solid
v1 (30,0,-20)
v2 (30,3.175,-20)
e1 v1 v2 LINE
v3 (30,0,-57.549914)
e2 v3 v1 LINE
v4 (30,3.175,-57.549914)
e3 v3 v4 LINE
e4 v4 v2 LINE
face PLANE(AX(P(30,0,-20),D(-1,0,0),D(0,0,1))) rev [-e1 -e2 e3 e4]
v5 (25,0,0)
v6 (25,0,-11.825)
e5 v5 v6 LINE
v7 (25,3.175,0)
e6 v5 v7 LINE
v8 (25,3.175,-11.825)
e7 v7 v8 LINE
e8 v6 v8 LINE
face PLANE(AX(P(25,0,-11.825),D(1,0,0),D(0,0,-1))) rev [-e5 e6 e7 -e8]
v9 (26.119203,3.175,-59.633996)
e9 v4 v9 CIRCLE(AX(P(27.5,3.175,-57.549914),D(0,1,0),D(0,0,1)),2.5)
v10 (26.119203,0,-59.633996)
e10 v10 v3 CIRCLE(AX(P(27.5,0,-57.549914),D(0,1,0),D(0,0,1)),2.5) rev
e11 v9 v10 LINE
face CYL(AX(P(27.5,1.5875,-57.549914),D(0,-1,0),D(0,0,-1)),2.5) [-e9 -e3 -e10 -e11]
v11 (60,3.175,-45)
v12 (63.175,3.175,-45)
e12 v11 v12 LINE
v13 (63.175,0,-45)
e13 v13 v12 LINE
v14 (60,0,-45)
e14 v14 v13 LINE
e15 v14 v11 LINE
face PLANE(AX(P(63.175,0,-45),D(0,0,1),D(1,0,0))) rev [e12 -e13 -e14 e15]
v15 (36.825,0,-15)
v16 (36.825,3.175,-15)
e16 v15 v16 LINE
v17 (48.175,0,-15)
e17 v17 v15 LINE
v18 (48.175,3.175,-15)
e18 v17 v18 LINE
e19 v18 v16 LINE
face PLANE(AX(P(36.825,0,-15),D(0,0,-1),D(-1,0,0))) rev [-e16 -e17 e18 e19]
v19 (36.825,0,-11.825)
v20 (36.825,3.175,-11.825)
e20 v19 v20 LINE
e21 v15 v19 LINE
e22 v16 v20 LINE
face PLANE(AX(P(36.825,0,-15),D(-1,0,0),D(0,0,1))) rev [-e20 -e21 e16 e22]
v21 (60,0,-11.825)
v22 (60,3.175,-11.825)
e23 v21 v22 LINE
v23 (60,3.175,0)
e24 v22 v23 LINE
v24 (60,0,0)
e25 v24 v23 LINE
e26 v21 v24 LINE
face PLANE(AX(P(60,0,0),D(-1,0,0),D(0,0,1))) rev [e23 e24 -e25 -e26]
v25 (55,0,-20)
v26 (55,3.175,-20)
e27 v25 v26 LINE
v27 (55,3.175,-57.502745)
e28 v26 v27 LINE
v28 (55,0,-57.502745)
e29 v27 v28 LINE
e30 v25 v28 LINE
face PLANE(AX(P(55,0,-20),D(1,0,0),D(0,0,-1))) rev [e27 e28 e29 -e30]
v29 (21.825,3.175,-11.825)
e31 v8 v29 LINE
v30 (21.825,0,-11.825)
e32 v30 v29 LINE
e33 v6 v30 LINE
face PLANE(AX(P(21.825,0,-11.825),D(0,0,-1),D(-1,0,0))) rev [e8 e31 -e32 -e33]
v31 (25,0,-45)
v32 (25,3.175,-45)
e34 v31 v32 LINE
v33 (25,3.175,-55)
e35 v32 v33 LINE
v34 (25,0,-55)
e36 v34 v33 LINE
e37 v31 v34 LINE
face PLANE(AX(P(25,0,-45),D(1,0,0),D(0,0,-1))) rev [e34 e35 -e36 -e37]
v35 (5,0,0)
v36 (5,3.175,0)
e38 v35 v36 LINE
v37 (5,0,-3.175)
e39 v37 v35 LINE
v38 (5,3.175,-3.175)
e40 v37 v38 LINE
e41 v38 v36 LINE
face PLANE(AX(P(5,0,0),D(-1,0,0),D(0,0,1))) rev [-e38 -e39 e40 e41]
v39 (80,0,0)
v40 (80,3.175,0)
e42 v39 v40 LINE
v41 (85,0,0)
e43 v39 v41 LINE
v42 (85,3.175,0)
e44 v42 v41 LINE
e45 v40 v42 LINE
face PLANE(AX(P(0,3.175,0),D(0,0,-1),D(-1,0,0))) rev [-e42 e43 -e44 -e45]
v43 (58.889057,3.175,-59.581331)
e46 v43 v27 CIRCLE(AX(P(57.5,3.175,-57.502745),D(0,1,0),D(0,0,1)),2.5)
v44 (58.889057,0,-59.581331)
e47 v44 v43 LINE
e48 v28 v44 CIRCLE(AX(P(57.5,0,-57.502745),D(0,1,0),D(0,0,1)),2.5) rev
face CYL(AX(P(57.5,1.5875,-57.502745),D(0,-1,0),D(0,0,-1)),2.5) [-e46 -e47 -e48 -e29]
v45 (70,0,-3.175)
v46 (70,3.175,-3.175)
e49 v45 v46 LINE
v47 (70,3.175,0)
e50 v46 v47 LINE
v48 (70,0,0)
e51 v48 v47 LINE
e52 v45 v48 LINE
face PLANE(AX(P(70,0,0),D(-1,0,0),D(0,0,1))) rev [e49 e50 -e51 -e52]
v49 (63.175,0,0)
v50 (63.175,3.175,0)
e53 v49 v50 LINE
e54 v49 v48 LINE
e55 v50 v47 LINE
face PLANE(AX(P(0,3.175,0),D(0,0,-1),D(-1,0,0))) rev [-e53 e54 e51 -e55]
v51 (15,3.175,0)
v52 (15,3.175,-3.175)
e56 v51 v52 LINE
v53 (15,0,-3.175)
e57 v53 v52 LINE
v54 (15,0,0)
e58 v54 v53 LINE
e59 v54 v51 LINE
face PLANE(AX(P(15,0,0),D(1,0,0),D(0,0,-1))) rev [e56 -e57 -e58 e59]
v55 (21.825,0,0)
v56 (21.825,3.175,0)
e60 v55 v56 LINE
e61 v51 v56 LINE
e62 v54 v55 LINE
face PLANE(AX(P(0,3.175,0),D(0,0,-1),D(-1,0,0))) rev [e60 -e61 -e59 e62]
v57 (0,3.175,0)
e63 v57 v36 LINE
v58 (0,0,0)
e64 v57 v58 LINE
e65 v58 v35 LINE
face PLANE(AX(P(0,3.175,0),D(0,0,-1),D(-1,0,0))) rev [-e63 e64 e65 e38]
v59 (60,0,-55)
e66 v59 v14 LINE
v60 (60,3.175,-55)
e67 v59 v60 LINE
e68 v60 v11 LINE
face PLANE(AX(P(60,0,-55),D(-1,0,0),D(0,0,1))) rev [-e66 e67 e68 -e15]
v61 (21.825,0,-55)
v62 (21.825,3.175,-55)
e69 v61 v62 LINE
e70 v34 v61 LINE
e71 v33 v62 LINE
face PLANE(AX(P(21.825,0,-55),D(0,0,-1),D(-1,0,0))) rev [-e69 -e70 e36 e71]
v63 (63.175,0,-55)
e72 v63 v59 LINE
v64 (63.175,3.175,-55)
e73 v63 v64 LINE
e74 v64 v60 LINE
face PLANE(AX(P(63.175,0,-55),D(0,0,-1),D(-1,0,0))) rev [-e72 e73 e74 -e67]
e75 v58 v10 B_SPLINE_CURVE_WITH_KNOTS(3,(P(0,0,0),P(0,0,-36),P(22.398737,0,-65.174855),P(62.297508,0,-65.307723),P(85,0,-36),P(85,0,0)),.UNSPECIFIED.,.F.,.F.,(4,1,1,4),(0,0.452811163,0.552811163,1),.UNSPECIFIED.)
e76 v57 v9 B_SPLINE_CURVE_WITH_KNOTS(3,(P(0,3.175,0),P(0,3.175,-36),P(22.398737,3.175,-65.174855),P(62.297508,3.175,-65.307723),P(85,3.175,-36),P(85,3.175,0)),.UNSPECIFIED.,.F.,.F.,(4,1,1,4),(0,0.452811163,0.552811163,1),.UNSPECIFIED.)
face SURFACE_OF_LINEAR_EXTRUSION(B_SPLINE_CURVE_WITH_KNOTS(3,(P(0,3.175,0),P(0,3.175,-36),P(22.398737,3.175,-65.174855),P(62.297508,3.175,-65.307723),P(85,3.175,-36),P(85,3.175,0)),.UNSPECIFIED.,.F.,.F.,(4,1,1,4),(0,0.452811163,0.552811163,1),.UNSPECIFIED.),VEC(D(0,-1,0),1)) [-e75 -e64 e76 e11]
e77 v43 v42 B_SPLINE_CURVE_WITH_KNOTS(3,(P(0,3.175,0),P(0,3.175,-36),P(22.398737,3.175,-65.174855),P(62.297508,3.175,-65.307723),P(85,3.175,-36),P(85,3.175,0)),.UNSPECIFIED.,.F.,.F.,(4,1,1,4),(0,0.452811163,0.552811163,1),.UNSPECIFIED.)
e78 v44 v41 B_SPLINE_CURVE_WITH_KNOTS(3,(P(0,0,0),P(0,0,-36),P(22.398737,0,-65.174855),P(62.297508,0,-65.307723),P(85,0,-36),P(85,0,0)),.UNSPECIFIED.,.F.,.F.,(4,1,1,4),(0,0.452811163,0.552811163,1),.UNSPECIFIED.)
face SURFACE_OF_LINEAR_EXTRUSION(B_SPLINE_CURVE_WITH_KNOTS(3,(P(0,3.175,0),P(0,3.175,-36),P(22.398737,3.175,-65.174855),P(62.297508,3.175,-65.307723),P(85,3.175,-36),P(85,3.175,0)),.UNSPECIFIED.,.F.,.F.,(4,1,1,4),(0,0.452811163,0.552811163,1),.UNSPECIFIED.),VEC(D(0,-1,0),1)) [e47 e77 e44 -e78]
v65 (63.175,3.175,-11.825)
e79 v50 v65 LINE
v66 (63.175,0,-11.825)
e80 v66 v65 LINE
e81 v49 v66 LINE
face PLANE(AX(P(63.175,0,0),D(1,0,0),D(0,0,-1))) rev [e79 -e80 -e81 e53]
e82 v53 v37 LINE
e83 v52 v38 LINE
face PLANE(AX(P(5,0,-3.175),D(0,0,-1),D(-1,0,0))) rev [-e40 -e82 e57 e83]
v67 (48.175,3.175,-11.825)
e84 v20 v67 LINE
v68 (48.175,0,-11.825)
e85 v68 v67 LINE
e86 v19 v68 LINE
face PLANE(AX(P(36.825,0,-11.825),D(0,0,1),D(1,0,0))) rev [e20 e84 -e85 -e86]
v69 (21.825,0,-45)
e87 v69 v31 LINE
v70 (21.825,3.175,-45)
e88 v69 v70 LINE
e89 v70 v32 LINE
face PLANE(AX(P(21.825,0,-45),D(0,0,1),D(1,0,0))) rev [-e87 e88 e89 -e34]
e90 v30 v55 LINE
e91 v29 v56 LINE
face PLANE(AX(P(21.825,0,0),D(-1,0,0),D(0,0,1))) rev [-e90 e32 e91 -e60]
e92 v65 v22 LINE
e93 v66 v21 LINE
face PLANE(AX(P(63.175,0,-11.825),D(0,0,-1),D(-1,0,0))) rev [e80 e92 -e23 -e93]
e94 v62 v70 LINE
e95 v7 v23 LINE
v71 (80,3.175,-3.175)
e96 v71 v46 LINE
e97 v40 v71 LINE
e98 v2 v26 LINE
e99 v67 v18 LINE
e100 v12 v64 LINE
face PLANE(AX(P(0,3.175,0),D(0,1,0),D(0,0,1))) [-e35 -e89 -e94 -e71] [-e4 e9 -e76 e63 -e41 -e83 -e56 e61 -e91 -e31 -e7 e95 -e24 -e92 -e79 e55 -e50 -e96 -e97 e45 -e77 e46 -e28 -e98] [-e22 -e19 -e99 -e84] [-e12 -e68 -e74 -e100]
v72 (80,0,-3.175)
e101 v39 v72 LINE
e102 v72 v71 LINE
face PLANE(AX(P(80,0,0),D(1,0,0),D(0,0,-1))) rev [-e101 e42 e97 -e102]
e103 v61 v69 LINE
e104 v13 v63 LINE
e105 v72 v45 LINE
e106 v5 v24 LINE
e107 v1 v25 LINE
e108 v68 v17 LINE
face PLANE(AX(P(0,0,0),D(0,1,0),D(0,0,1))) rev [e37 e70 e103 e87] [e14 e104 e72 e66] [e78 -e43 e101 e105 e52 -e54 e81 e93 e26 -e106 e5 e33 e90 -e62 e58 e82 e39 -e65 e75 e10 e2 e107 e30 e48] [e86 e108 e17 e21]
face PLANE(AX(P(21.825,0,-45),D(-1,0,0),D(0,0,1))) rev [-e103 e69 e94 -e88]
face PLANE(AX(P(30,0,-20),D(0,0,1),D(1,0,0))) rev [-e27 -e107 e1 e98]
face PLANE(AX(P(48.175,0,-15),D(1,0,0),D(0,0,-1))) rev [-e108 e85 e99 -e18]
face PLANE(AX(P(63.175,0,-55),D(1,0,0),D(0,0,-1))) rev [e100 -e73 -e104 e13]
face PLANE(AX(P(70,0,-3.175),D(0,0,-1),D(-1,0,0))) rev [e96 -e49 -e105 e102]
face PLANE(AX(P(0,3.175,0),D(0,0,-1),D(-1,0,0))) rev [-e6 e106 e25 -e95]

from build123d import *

# Parameters (mm, degrees)
BOSS_EXTRUDE1_DEPTH = 3.175
SKETCH3_W           = 3.175
SKETCH3_H           = 11.825
SKETCH3_W_2         = 11.35
SKETCH3_H_2         = 3.175
SKETCH3_W_3         = 25
SKETCH3_H_3         = 49.488701784
SKETCH3_H_4         = 10
SKETCH3_W_4         = 10
CUT_EXTRUDE2_DEPTH  = 4.1750001
FILLET1_R           = 2.5


with BuildPart() as part:
    # Sketch1 → Boss-Extrude1 (new body)
    with BuildSketch(Plane(origin=(0, 0, 0), x_dir=(1, 0, 0), z_dir=(0, 1, 0))):
        with BuildLine():
            add(Edge.make_bspline(
                [(0, 0), (0, 36), (20.385499073, 62.552567554), (40.487505944, 65), (42.5, 65)],
                knots=[0, 0, 0, 0, 0.452811163, 0.503123514, 0.503123514, 0.503123514, 0.503123514], degree=3))
            Line((0, 0), (42.5, 0))
            Line((42.5, 0), (42.5, 65))
        make_face()
        with BuildLine():
            Line((42.5, 65), (42.5, 0))
            Line((42.5, 0), (85, 0))
            add(Edge.make_bspline(
                [(42.5, 65), (44.487505944, 65), (64.384933097, 62.612967274), (85, 36), (85, 0)],
                knots=[0.503123514, 0.503123514, 0.503123514, 0.503123514, 0.552811163, 1, 1, 1, 1], degree=3))
        make_face()
    extrude(amount=BOSS_EXTRUDE1_DEPTH)

    # Sketch3 → Cut-Extrude2 (cut, through all)
    with BuildSketch(Plane(origin=(0, 3.175, 0), x_dir=(1, 0, 0), z_dir=(0, 1, 0))):
        with Locations((23.4125, 5.9125)):
            Rectangle(SKETCH3_W, SKETCH3_H)
        with Locations((61.5875, 5.9125)):
            Rectangle(SKETCH3_W, SKETCH3_H)
        with Locations((42.5, 13.4125)):
            Rectangle(SKETCH3_W_2, SKETCH3_H_2)
        with Locations((42.5, 44.744350892)):
            Rectangle(SKETCH3_W_3, SKETCH3_H_3)
        with Locations((23.4125, 50)):
            Rectangle(SKETCH3_W, SKETCH3_H_4)
        with Locations((61.5875, 50)):
            Rectangle(SKETCH3_W, SKETCH3_H_4)
        with Locations((10, 1.5875)):
            Rectangle(SKETCH3_W_4, SKETCH3_H_2)
        with Locations((75, 1.5875)):
            Rectangle(SKETCH3_W_4, SKETCH3_H_2)
    extrude(amount=-CUT_EXTRUDE2_DEPTH, mode=Mode.SUBTRACT)

    # Fillet1
    fillet1_edges = [part.edges().sort_by_distance(p)[0] for p in [
        (30, 1.5875, -61.882691036),
        (55, 1.5875, -61.855383827),
    ]]
    fillet(fillet1_edges, radius=FILLET1_R)


solid = part.part
